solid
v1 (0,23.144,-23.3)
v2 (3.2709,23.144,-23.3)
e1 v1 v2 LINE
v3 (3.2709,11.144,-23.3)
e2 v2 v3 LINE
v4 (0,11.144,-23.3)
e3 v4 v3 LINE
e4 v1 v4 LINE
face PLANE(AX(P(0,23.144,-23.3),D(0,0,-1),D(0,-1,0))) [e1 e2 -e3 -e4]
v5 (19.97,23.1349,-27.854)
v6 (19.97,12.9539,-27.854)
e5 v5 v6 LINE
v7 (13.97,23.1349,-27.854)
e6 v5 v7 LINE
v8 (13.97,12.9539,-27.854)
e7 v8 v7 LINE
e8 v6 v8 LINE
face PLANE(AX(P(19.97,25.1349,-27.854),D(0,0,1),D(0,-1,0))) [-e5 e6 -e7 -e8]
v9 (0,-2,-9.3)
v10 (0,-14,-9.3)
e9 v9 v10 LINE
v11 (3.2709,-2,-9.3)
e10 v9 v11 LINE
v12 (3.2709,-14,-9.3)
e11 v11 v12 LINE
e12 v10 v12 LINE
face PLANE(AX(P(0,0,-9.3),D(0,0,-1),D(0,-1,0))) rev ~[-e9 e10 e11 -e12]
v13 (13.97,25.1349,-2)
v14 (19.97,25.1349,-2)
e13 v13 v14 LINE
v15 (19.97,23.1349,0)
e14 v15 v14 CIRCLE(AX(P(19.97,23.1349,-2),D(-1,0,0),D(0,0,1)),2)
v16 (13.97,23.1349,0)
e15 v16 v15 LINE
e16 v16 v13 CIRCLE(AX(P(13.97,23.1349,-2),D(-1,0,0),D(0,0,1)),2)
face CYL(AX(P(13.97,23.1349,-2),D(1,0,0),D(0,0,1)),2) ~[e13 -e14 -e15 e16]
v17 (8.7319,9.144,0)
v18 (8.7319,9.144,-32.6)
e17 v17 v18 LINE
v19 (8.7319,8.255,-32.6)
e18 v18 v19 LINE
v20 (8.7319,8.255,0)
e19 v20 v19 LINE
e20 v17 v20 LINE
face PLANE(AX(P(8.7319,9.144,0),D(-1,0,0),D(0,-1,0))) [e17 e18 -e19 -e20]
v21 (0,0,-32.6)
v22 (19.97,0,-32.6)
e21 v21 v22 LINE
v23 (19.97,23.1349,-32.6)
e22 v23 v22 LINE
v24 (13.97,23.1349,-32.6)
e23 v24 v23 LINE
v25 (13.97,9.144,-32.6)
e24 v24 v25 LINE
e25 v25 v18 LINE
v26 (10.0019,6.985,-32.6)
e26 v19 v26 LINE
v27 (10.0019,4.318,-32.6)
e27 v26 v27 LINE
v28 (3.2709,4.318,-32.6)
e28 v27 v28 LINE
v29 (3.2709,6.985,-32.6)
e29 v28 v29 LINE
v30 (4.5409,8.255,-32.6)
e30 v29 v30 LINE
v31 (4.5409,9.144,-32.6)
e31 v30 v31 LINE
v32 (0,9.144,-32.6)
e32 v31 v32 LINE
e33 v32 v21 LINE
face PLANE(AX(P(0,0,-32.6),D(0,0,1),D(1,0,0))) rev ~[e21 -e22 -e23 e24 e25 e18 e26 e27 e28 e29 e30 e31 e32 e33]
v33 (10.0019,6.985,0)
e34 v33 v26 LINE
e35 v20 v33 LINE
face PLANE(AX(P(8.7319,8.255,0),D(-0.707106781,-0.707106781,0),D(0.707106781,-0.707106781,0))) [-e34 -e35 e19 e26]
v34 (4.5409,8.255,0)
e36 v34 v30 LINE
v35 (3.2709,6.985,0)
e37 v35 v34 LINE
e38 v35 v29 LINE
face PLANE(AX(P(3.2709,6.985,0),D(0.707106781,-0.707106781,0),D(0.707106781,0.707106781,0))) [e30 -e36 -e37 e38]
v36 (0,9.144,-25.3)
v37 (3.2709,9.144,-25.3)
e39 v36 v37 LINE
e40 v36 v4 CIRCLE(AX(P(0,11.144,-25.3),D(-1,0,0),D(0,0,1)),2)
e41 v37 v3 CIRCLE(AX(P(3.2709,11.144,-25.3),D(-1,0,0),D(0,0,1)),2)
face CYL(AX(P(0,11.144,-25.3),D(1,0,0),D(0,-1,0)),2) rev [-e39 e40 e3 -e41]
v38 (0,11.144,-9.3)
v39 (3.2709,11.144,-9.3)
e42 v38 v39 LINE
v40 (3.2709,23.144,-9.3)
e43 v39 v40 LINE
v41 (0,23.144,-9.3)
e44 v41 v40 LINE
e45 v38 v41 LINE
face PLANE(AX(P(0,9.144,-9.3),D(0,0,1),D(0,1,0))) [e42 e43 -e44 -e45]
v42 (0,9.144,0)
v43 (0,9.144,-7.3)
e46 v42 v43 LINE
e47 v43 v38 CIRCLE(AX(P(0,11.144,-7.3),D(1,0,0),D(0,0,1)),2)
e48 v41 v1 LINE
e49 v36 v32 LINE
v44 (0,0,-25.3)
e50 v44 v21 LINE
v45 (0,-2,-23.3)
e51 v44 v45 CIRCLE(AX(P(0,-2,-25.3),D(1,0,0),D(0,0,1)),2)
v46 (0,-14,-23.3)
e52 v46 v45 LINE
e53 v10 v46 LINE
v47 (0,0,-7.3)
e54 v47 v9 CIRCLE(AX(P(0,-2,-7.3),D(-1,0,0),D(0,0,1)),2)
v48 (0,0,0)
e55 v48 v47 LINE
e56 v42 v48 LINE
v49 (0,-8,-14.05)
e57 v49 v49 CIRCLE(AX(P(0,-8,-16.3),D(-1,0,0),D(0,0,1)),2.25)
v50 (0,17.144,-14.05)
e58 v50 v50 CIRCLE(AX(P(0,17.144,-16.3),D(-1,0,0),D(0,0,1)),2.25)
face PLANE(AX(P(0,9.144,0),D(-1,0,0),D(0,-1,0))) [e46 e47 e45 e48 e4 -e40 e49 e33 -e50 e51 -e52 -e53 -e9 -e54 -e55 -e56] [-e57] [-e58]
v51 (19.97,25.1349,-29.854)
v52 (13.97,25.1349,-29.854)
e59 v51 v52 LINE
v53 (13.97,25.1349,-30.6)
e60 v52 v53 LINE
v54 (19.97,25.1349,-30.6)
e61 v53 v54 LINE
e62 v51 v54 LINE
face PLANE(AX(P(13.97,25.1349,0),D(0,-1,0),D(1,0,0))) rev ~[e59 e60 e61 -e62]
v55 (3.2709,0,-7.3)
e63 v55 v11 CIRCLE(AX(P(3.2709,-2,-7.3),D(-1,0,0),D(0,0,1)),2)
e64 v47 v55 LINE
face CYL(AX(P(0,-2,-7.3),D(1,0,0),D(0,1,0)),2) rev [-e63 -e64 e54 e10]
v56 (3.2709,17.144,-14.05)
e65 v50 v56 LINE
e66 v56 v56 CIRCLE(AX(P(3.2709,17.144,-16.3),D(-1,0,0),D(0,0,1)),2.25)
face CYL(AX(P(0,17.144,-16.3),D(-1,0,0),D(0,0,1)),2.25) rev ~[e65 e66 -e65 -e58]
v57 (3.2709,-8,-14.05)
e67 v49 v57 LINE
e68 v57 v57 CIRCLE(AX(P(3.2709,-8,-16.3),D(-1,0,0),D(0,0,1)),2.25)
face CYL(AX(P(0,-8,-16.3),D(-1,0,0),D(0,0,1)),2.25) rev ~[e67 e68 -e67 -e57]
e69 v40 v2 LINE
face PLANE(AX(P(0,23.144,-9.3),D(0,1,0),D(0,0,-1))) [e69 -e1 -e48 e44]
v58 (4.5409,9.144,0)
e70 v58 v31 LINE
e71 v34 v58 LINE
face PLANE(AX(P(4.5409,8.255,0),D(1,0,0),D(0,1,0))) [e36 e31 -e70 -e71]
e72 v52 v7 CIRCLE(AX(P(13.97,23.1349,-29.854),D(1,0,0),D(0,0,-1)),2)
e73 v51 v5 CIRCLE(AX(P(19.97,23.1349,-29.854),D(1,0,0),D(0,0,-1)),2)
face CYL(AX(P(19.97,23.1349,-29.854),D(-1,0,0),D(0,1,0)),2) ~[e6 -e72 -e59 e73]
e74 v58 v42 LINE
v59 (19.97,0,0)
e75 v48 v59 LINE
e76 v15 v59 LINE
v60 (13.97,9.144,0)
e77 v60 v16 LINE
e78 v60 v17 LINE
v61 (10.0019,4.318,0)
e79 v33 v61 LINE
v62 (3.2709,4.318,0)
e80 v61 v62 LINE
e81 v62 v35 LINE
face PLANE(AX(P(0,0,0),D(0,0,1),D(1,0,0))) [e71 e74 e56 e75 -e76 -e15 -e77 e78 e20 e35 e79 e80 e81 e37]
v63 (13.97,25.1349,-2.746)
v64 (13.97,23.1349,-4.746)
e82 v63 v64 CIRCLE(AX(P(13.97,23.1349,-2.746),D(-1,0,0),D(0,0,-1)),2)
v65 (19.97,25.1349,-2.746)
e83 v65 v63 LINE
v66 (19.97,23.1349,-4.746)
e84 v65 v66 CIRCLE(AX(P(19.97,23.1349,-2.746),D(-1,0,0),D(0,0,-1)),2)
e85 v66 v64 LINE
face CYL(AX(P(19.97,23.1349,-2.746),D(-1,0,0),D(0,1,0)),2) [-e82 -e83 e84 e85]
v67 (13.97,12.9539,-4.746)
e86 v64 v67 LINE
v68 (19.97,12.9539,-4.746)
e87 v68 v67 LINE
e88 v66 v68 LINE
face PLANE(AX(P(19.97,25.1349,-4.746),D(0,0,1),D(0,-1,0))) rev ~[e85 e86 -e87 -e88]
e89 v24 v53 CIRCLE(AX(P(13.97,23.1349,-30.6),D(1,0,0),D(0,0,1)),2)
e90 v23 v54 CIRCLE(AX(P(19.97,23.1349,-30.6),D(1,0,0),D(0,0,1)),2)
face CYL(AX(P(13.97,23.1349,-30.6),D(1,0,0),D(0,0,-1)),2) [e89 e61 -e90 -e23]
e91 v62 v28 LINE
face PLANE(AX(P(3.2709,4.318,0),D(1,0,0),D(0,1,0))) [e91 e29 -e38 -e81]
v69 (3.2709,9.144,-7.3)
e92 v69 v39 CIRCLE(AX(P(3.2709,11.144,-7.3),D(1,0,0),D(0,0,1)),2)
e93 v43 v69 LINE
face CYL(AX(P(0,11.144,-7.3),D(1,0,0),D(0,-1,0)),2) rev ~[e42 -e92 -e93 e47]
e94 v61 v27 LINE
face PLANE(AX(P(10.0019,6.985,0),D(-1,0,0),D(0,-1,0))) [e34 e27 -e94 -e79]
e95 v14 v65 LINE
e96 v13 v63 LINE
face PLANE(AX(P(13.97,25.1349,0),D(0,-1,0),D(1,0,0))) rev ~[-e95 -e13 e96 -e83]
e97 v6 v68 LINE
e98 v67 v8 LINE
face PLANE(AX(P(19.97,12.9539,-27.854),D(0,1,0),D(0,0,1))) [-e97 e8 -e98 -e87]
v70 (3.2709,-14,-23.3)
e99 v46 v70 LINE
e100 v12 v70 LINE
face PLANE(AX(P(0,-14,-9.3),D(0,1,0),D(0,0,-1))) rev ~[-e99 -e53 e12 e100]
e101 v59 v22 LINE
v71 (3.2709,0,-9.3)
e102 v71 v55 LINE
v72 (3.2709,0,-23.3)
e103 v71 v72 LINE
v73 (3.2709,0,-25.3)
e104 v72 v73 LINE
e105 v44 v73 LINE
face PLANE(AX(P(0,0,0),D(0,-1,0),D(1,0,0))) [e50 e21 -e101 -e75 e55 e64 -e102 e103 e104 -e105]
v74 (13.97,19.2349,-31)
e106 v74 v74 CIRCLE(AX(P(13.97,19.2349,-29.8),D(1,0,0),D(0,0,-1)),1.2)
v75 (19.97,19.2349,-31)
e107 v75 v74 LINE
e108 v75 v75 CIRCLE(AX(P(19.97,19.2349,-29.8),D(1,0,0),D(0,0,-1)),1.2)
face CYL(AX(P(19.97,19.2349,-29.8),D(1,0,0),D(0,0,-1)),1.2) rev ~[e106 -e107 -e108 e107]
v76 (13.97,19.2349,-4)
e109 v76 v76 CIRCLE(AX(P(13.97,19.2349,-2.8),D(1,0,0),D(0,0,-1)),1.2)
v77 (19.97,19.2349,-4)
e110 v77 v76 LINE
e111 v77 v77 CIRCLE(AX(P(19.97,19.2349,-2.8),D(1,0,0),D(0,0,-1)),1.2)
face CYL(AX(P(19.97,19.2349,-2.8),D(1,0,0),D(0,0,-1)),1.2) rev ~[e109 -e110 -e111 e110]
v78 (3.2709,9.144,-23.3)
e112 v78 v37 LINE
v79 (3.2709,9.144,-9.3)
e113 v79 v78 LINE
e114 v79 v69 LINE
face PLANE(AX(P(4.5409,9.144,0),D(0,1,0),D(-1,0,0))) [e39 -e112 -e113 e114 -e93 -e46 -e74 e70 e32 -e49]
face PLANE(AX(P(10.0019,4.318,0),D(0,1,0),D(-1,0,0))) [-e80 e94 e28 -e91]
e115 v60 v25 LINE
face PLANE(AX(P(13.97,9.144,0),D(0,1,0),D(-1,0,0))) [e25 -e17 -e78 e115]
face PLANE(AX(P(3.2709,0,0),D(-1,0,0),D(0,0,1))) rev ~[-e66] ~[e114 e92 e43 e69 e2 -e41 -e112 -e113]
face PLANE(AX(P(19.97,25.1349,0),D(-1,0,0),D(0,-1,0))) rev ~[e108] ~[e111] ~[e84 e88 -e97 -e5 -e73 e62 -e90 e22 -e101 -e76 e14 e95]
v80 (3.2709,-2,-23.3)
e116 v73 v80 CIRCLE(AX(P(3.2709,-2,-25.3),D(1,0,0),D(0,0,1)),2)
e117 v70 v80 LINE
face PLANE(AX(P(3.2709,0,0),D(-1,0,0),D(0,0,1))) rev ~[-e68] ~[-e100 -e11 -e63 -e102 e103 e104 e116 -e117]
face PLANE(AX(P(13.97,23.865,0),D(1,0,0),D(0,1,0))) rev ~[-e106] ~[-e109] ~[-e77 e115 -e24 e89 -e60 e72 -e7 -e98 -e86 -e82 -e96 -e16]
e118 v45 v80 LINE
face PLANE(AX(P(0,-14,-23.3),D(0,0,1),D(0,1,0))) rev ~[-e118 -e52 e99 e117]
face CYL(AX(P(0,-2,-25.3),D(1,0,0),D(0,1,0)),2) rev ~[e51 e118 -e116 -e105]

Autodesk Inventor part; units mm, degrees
ref_plane "YZ Plane" through (0, 0, 0) normal (1, 0, 0) x (0, 1, 0)
ref_plane "XZ Plane" through (0, 0, 0) normal (0, 1, 0) x (-1, 0, 0)
ref_plane "XY Plane" through (0, 0, 0) normal (0, 0, 1) x (1, 0, 0)
sketch "Náčrt1" plane through (0, 0, 0) normal (0, 0, 1) x (1, 0, 0)
  line L0 (13.97, 23.865) -> (13.97, 9.144)
  line L1 (0, 9.144) -> (0, 0)
  line L2 (4.5409, 9.144) -> (0, 9.144)
  line L3 (4.5409, 8.255) -> (4.5409, 9.144)
  line L4 (3.2709, 6.985) -> (4.5409, 8.255)
  line L5 (3.2709, 4.318) -> (3.2709, 6.985)
  line L6 (8.7319, 9.144) -> (8.7319, 8.255)
  line L7 (13.97, 9.144) -> (8.7319, 9.144)
  line L8 (8.7319, 8.255) -> (10.0019, 6.985)
  line L9 (10.0019, 6.985) -> (10.0019, 4.318)
  line L10 (10.0019, 4.318) -> (3.2709, 4.318)
  line L11 (0, 0) -> (19.97, 0)
  line L12 (13.97, 22.5956) -> (13.97, 25.1349)
  line L13 (13.97, 20.4353) -> (13.97, 18.035)
  line L14 (13.97, 25.1349) -> (19.97, 25.1349)
  line L15 (19.97, 25.1349) -> (19.97, 0)
extrude "Vysunutí1" add sketch "Náčrt1" against normal blind 32.6
sketch "Náčrt2" plane through (19.97, 0, 0) normal (1, 0, 0) x (0, 0, -1)
  line L0 (0, 25.1349) -> (32.6, 25.1349) projected
  line L1 (16.3, 25.1349) -> (4.746, 25.1349)
  line L2 (4.746, 25.1349) -> (4.746, 12.9539)
  line L3 (16.3, 25.1349) -> (27.854, 25.1349)
  line L4 (27.854, 25.1349) -> (27.854, 12.9539)
  line L5 (27.854, 12.9539) -> (4.746, 12.9539)
  circle A0 centre (2.8, 19.2349) radius 1.2
  line L6 (16.3, 25.1349) -> (16.3, 15.9225)
  circle A1 centre (29.8, 19.2349) radius 1.2
  point P0 (0, 0)
  point P1 (4.746, 19.0444)
  dimension "d2" = 11.554
  dimension "d3" = 12.181
  dimension "d4" = 11.554
  dimension "d7" = 2.4
  dimension "d8" = 5.9
  dimension "d9" = 1.946
extrude "Vysunutí2" cut sketch "Náčrt2" against normal blind 32.6 contours L0 L4 L5 L2
extrude "Vysunutí3" cut sketch "Náčrt2" against normal blind 32.6 contours A0 | A1
fillet "Zaoblení1" radius 2 4 edges at (16.97, 25.1349, 0) (16.97, 25.1349, -4.746) (16.97, 25.1349, -27.854) (16.97, 25.1349, -32.6)
sketch "Náčrt3" plane through (0, 0, 0) normal (0, -1, 0) x (1, 0, 0)
  point P0 (0, 0)
sketch "Náčrt8" plane through (0, 0, 0) normal (-1, 0, 0) x (0, 0, 1)
  line L0 (0, 9.144) -> (-32.6, 9.144) projected
  line L1 (0, 0) -> (-32.6, 0) projected
  circle A0 centre (-16.3, 17.144) radius 2.25
  line L2 (-23.3, 9.144) -> (-9.3, 9.144)
  line L3 (-9.3, 9.144) -> (-9.3, 23.144)
  line L4 (-9.3, 23.144) -> (-23.3, 23.144)
  line L5 (-23.3, 23.144) -> (-23.3, 9.144)
  line L6 (0, 9.144) -> (0, 0) projected
  line L7 (0, 9.144) -> (0, 0)
  line L8 (0, 4.572) -> (9.3918, 4.572)
  circle A1 centre (-16.3, -8) radius 2.25
  line L9 (-23.3, 0) -> (-9.3, 0)
  line L10 (-9.3, 0) -> (-9.3, -14)
  line L11 (-9.3, -14) -> (-23.3, -14)
  line L12 (-23.3, -14) -> (-23.3, 0)
  point P0 (-16.3, 9.144)
  point P1 (-16.3, 9.144)
  point P2 (-16.3, 0)
  point P3 (-16.3, 0)
  dimension "d35" = 4.5
  dimension "d36" = 8
  dimension "k" = 14
  dimension "d42" = 14
  dimension "d43" = 7
  dimension "d44" = 7
extrude "Vysunutí7" add sketch "Náčrt8" against normal up to surface (3.2709 mm away)
fillet "Zaoblení2" radius 2 4 edges at (1.6355, 9.144, -9.3) (1.6355, 0, -9.3) (1.6355, 9.144, -23.3) (1.6355, 0, -23.3)
equation "\"d43\" = 0.5 * k"
equation "\"d44\" = 0.5 * k"
properties part number "Motor_holder_double" material "Měď"
